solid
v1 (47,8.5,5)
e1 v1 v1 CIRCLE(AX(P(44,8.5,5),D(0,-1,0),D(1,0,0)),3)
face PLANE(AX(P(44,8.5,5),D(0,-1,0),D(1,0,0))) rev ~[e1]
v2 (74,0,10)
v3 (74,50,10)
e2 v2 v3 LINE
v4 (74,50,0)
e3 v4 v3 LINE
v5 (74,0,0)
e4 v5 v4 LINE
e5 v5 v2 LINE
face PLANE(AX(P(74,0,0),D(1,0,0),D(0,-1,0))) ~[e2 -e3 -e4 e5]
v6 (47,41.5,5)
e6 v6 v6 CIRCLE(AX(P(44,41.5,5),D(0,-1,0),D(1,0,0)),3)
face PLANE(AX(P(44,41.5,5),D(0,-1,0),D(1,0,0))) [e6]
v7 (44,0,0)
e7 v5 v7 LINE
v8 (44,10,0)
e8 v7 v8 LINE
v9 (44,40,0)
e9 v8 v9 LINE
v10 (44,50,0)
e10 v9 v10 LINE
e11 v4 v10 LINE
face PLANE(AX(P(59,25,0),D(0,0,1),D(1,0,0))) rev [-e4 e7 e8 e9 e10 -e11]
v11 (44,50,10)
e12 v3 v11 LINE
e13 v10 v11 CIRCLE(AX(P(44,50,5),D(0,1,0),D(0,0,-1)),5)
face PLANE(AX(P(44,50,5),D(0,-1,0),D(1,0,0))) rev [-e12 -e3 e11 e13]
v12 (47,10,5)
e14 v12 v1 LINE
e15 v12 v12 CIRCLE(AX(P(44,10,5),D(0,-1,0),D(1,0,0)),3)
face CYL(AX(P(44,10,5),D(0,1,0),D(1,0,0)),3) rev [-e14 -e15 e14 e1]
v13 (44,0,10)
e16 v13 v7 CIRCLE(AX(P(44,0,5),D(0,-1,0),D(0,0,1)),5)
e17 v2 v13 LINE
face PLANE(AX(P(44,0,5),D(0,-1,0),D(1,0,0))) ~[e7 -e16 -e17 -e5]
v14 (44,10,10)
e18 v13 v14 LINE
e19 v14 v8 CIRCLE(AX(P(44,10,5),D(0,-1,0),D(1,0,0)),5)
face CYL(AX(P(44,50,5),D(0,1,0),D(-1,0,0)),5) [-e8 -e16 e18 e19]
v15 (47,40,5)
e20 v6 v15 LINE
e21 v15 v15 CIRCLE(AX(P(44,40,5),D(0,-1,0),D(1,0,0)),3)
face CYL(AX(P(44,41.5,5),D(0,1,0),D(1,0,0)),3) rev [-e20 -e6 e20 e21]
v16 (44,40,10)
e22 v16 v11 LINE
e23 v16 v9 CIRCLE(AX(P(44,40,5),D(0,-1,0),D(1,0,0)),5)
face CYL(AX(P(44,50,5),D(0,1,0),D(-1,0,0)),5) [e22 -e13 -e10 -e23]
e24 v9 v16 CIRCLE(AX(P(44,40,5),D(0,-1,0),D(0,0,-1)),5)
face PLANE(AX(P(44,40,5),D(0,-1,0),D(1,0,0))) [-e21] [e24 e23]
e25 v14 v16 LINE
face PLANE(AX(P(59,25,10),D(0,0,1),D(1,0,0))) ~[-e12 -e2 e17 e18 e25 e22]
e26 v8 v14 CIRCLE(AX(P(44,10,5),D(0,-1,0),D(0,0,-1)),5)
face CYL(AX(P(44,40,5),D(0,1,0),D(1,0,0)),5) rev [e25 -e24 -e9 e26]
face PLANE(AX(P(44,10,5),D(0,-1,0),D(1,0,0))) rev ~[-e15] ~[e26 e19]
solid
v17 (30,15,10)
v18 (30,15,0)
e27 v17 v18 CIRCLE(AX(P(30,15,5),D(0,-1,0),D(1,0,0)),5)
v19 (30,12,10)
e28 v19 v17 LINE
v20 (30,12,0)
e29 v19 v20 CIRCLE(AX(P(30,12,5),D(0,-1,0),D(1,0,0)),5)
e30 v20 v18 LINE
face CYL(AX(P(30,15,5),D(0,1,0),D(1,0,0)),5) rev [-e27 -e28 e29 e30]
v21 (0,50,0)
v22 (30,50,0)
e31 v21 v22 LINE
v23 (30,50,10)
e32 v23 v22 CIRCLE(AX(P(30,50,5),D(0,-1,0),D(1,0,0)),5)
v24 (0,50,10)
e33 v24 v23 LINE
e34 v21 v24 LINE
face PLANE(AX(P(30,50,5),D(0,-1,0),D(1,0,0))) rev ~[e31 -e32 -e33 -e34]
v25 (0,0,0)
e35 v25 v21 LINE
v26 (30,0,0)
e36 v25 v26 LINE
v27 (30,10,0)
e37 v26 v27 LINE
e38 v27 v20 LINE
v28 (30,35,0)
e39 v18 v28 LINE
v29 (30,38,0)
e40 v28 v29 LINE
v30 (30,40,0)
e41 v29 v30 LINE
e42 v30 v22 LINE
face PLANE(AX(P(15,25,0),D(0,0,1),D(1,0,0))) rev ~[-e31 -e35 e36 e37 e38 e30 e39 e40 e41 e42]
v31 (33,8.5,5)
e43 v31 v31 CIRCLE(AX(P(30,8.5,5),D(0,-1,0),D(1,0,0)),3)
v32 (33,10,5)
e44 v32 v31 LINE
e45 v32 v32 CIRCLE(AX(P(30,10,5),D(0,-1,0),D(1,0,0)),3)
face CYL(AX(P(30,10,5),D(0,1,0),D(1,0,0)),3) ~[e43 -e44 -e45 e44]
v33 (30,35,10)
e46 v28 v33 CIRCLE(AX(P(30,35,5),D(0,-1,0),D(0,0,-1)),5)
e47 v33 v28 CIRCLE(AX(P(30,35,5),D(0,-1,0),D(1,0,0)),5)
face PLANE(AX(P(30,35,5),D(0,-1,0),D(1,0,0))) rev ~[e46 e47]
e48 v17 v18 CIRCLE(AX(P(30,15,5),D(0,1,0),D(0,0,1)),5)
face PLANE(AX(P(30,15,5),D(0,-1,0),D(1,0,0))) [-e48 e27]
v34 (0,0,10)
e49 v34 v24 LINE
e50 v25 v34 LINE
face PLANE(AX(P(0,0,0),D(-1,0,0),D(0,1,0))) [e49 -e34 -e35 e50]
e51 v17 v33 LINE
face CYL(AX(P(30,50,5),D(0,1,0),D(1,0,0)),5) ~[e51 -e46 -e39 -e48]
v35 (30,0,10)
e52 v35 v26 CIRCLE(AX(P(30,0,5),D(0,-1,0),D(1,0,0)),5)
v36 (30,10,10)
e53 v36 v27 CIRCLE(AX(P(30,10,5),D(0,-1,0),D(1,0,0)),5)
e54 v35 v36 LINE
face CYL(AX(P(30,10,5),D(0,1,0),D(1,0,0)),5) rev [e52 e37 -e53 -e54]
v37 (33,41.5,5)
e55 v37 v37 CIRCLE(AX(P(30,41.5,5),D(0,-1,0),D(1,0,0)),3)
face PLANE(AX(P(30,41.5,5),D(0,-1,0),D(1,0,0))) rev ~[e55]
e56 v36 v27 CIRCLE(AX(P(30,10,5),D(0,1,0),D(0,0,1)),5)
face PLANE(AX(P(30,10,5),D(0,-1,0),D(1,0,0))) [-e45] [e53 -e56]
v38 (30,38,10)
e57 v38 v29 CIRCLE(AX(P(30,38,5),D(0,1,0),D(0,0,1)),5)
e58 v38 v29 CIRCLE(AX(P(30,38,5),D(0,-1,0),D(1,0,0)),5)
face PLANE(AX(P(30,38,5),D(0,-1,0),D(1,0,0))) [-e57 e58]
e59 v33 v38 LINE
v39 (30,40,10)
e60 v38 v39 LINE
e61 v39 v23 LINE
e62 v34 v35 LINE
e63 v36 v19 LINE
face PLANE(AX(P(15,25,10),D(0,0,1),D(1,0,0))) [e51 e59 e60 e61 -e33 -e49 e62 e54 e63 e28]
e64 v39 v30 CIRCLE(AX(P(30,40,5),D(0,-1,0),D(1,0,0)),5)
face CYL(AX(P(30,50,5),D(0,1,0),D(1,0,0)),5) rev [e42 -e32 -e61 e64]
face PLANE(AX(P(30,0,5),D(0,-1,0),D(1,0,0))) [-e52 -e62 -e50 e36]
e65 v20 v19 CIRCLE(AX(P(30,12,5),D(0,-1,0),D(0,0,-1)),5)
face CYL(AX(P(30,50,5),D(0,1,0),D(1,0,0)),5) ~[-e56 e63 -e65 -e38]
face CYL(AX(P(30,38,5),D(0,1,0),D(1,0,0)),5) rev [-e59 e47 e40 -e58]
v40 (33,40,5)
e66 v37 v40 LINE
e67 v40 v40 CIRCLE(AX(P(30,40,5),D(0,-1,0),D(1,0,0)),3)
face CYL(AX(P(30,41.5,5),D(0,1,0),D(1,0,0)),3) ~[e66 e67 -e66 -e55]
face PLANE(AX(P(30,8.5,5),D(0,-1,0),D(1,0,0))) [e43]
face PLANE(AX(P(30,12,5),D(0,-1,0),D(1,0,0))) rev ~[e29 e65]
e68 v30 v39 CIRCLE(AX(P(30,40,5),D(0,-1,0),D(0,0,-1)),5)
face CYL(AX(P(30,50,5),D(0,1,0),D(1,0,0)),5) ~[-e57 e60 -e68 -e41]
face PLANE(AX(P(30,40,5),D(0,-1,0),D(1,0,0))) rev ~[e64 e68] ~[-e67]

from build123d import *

# Parameters (mm, degrees)
CYLINDER007_R          = 3
CYLINDER007_DEPTH      = 1.5
CYLINDER007_ROLL_ANGLE = 90
CYLINDER006_R          = 3
CYLINDER006_DEPTH      = 1.5
CYLINDER006_ROLL_ANGLE = 90
CYLINDER003_R          = 5
CYLINDER003_DEPTH      = 30
CYLINDER003_ROLL_ANGLE = 90
CYLINDER_R             = 5
CYLINDER_DEPTH         = 50
CYLINDER_ROLL_ANGLE    = 90
BOX_W                  = 30
BOX_H                  = 50
BOX_DEPTH              = 10
CYLINDER009_R          = 5
CYLINDER009_DEPTH      = 3
CYLINDER009_ROLL_ANGLE = 90
CYLINDER008_R          = 5
CYLINDER008_DEPTH      = 3
CYLINDER008_ROLL_ANGLE = 90
CYLINDER004_R          = 3
CYLINDER004_DEPTH      = 1.5
CYLINDER004_ROLL_ANGLE = 90
CYLINDER005_R          = 3
CYLINDER005_DEPTH      = 1.5
CYLINDER005_ROLL_ANGLE = 90
CYLINDER002_R          = 5
CYLINDER002_DEPTH      = 10
CYLINDER002_ROLL_ANGLE = 90
CYLINDER001_R          = 5
CYLINDER001_DEPTH      = 10
CYLINDER001_ROLL_ANGLE = 90


with BuildPart() as cylinder007:
    # Cylinder007 → Cylinder007 (new body)
    with BuildSketch(Plane.XY):
        Circle(CYLINDER007_R)
    extrude(amount=CYLINDER007_DEPTH)


with BuildPart() as cylinder007_1:
    # Cylinder007 roll: moved
    add(cylinder007.part.rotate(Axis((0, 0, 0), (1, 0, 0)), CYLINDER007_ROLL_ANGLE))


with BuildPart() as cylinder007_2:
    # Cylinder007 placement: moved
    add(cylinder007_1.part.moved(Location((44, 41.5, 5))))


with BuildPart() as cylinder006:
    # Cylinder006 → Cylinder006 (new body)
    with BuildSketch(Plane.XY):
        Circle(CYLINDER006_R)
    extrude(amount=CYLINDER006_DEPTH)


with BuildPart() as cylinder006_1:
    # Cylinder006 roll: moved
    add(cylinder006.part.rotate(Axis((0, 0, 0), (1, 0, 0)), CYLINDER006_ROLL_ANGLE))


with BuildPart() as cylinder006_2:
    # Cylinder006 placement: moved
    add(cylinder006_1.part.moved(Location((44, 10, 5))))


with BuildPart() as cylinder003:
    # Cylinder003 → Cylinder003 (new body)
    with BuildSketch(Plane.XY):
        Circle(CYLINDER003_R)
    extrude(amount=CYLINDER003_DEPTH)


with BuildPart() as cylinder003_1:
    # Cylinder003 roll: moved
    add(cylinder003.part.rotate(Axis((0, 0, 0), (1, 0, 0)), CYLINDER003_ROLL_ANGLE))


with BuildPart() as cylinder003_2:
    # Cylinder003 placement: moved
    add(cylinder003_1.part.moved(Location((44, 40, 5))))


with BuildPart() as cylinder:
    # Cylinder → Cylinder (new body)
    with BuildSketch(Plane.XY):
        Circle(CYLINDER_R)
    extrude(amount=CYLINDER_DEPTH)


with BuildPart() as cylinder_1:
    # Cylinder roll: moved
    add(cylinder.part.rotate(Axis((0, 0, 0), (1, 0, 0)), CYLINDER_ROLL_ANGLE))


with BuildPart() as cylinder_2:
    # Cylinder placement: moved
    add(cylinder_1.part.moved(Location((30, 50, 5))))


with BuildPart() as fusion:
    # Box → Box (new body)
    with BuildSketch(Plane.XY):
        with Locations((15, 25)):
            Rectangle(BOX_W, BOX_H)
    extrude(amount=BOX_DEPTH)

    # Fusion: union Cylinder
    add(cylinder_2.part)


with BuildPart() as cut004:
    # Part__Mirroring: instance of Fusion
    add(fusion.part.mirror(Plane(origin=(0, 0, 0), x_dir=(0, -1, 0), z_dir=(1, 0, 0))))


with BuildPart() as cut004_1:
    # Part__Mirroring placement: moved
    add(cut004.part.moved(Location((74, 0, 0))))

    # Cut002: cut Cylinder003
    add(cylinder003_2.part, mode=Mode.SUBTRACT)

    # Cut003: cut Cylinder006
    add(cylinder006_2.part, mode=Mode.SUBTRACT)

    # Cut004: cut Cylinder007
    add(cylinder007_2.part, mode=Mode.SUBTRACT)


with BuildPart() as cylinder009:
    # Cylinder009 → Cylinder009 (new body)
    with BuildSketch(Plane.XY):
        Circle(CYLINDER009_R)
    extrude(amount=CYLINDER009_DEPTH)


with BuildPart() as cylinder009_1:
    # Cylinder009 roll: moved
    add(cylinder009.part.rotate(Axis((0, 0, 0), (1, 0, 0)), CYLINDER009_ROLL_ANGLE))


with BuildPart() as cylinder009_2:
    # Cylinder009 placement: moved
    add(cylinder009_1.part.moved(Location((30, 38, 5))))


with BuildPart() as cylinder008:
    # Cylinder008 → Cylinder008 (new body)
    with BuildSketch(Plane.XY):
        Circle(CYLINDER008_R)
    extrude(amount=CYLINDER008_DEPTH)


with BuildPart() as cylinder008_1:
    # Cylinder008 roll: moved
    add(cylinder008.part.rotate(Axis((0, 0, 0), (1, 0, 0)), CYLINDER008_ROLL_ANGLE))


with BuildPart() as cylinder008_2:
    # Cylinder008 placement: moved
    add(cylinder008_1.part.moved(Location((30, 15, 5))))


with BuildPart() as cylinder004:
    # Cylinder004 → Cylinder004 (new body)
    with BuildSketch(Plane.XY):
        Circle(CYLINDER004_R)
    extrude(amount=CYLINDER004_DEPTH)


with BuildPart() as cylinder004_1:
    # Cylinder004 roll: moved
    add(cylinder004.part.rotate(Axis((0, 0, 0), (1, 0, 0)), CYLINDER004_ROLL_ANGLE))


with BuildPart() as cylinder004_2:
    # Cylinder004 placement: moved
    add(cylinder004_1.part.moved(Location((30, 10, 5))))


with BuildPart() as cylinder005:
    # Cylinder005 → Cylinder005 (new body)
    with BuildSketch(Plane.XY):
        Circle(CYLINDER005_R)
    extrude(amount=CYLINDER005_DEPTH)


with BuildPart() as cylinder005_1:
    # Cylinder005 roll: moved
    add(cylinder005.part.rotate(Axis((0, 0, 0), (1, 0, 0)), CYLINDER005_ROLL_ANGLE))


with BuildPart() as cylinder005_2:
    # Cylinder005 placement: moved
    add(cylinder005_1.part.moved(Location((30, 41.5, 5))))


with BuildPart() as cylinder002:
    # Cylinder002 → Cylinder002 (new body)
    with BuildSketch(Plane.XY):
        Circle(CYLINDER002_R)
    extrude(amount=CYLINDER002_DEPTH)


with BuildPart() as cylinder002_1:
    # Cylinder002 roll: moved
    add(cylinder002.part.rotate(Axis((0, 0, 0), (1, 0, 0)), CYLINDER002_ROLL_ANGLE))


with BuildPart() as cylinder002_2:
    # Cylinder002 placement: moved
    add(cylinder002_1.part.moved(Location((30, 50, 5))))


with BuildPart() as cylinder001:
    # Cylinder001 → Cylinder001 (new body)
    with BuildSketch(Plane.XY):
        Circle(CYLINDER001_R)
    extrude(amount=CYLINDER001_DEPTH)


with BuildPart() as cylinder001_1:
    # Cylinder001 roll: moved
    add(cylinder001.part.rotate(Axis((0, 0, 0), (1, 0, 0)), CYLINDER001_ROLL_ANGLE))


with BuildPart() as cylinder001_2:
    # Cylinder001 placement: moved
    add(cylinder001_1.part.moved(Location((30, 10, 5))))


with BuildPart() as cut006:
    # Cut base: copy of Fusion
    add(fusion.part)

    # Cut: cut Cylinder001
    add(cylinder001_2.part, mode=Mode.SUBTRACT)

    # Cut001: cut Cylinder002
    add(cylinder002_2.part, mode=Mode.SUBTRACT)

    # Fusion001: union Cylinder005
    add(cylinder005_2.part)

    # Fusion002: union Cylinder004
    add(cylinder004_2.part)

    # Cut005: cut Cylinder008
    add(cylinder008_2.part, mode=Mode.SUBTRACT)

    # Cut006: cut Cylinder009
    add(cylinder009_2.part, mode=Mode.SUBTRACT)


solid = Compound([cut004_1.part, cut006.part])
